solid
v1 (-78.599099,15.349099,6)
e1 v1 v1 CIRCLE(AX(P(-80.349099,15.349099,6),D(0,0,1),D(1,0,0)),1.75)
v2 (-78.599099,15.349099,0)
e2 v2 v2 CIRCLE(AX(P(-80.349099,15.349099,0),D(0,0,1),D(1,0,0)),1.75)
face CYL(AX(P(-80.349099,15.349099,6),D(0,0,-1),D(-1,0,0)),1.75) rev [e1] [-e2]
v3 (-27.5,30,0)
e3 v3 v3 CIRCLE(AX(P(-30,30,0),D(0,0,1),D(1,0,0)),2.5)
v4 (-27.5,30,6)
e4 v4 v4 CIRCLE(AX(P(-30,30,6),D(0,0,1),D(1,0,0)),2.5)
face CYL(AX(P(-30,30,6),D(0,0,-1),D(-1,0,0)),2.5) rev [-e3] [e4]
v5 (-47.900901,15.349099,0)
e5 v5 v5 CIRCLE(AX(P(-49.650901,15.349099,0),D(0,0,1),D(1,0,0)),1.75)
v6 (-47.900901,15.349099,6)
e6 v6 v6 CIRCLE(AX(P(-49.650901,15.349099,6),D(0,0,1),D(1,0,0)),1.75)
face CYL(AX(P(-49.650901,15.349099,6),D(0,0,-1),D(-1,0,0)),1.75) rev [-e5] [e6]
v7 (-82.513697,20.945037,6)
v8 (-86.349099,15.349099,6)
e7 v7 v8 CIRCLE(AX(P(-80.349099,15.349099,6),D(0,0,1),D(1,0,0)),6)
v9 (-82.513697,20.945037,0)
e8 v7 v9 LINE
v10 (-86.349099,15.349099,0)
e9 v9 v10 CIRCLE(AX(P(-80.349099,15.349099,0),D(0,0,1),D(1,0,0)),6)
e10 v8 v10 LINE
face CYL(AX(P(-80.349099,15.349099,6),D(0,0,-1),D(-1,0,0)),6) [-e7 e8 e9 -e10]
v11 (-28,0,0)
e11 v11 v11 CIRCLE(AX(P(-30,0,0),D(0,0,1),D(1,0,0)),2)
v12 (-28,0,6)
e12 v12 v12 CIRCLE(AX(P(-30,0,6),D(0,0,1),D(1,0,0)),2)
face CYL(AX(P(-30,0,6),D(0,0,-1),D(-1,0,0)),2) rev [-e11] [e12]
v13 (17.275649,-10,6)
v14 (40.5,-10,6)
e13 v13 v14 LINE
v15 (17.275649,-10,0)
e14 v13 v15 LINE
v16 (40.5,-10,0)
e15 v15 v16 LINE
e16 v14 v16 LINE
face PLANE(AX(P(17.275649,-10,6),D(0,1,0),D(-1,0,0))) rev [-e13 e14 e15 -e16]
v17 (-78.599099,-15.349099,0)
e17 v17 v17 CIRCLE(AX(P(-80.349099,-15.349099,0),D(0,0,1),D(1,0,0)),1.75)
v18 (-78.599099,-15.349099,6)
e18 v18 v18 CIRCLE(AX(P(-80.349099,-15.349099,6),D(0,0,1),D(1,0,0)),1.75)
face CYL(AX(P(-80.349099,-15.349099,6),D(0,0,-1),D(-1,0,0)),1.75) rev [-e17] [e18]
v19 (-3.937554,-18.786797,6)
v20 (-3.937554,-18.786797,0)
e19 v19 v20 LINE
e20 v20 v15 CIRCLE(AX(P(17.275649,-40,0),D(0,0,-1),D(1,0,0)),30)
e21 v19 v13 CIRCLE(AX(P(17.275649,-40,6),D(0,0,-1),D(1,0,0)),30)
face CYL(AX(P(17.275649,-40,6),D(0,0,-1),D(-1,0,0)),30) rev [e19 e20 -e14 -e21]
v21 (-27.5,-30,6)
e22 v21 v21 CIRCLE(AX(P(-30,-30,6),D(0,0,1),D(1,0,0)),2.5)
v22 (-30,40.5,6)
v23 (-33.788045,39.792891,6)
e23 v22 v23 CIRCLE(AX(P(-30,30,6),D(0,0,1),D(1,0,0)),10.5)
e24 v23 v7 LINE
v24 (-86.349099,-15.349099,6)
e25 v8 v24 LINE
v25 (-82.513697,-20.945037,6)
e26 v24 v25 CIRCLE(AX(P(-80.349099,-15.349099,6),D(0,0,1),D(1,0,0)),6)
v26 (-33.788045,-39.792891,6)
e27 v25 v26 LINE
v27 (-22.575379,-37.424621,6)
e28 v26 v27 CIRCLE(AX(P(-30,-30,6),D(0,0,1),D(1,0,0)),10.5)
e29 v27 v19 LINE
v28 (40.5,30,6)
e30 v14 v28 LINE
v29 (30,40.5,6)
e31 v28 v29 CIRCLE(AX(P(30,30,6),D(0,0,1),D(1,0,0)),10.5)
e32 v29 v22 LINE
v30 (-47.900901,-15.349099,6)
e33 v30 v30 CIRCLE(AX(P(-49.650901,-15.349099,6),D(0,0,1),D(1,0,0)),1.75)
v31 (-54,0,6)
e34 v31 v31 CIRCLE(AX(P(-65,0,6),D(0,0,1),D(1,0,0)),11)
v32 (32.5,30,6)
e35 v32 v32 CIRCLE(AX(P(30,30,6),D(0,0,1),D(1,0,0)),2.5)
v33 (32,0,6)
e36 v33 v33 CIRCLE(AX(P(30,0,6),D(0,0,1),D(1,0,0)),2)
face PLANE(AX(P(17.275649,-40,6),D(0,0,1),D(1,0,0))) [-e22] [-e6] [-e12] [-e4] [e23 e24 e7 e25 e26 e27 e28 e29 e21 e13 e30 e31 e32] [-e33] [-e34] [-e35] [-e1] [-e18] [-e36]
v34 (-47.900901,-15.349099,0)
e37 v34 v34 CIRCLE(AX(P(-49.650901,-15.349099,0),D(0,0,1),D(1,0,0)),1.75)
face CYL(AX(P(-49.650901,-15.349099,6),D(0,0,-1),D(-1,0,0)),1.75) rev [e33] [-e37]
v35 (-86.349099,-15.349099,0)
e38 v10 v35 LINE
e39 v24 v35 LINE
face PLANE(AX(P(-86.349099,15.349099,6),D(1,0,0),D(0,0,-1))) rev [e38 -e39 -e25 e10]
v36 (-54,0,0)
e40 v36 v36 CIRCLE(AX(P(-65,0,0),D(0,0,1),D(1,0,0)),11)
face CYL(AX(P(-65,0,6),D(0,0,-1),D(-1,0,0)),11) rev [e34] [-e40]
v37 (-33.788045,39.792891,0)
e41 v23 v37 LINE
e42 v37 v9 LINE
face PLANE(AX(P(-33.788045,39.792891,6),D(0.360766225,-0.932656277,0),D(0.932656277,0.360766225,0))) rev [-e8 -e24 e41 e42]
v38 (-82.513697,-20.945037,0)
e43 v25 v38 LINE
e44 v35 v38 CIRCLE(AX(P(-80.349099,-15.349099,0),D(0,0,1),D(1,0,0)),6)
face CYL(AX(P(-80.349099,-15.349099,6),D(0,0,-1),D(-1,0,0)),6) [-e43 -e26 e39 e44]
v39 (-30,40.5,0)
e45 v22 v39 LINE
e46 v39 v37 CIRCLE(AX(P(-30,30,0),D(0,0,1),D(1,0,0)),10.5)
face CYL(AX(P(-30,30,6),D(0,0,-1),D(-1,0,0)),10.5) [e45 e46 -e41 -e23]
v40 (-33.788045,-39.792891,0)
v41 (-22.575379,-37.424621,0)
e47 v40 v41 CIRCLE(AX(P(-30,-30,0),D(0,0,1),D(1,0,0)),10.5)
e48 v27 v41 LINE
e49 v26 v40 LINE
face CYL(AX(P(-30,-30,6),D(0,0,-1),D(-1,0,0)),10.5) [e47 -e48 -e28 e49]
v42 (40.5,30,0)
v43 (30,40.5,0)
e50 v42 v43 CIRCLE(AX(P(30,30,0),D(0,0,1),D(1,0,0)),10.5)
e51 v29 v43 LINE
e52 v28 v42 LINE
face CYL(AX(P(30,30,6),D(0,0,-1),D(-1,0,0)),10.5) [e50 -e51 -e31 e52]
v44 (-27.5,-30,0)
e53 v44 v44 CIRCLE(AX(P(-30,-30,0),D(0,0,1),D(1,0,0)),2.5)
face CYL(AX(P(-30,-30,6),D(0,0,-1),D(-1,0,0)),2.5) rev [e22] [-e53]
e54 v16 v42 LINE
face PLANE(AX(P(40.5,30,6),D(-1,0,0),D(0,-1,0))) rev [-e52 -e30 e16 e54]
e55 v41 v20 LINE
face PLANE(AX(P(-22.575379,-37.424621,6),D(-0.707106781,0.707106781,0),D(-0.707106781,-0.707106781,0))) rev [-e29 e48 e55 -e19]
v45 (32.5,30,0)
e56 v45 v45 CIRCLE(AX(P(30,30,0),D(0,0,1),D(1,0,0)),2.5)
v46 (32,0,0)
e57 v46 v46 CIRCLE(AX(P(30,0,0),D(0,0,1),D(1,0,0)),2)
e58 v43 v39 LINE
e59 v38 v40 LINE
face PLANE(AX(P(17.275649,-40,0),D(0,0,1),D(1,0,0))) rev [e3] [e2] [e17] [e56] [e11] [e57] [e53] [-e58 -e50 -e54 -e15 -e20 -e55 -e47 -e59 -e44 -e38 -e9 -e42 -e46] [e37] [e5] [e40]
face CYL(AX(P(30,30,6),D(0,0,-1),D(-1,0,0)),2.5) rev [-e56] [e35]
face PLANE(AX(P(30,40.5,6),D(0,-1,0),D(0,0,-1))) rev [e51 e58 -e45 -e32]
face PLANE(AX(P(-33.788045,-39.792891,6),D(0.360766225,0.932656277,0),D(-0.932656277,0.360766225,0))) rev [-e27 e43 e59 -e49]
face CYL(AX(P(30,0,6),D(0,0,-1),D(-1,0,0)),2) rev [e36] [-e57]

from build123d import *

# Parameters (mm, degrees)
ESBO_O1_R                = 2.5
ESBO_O1_R_2              = 1.75
ESBO_O1_R_3              = 11
ESBO_O1_R_4              = 2
RESSALTO_EXTRUS_O1_DEPTH = 6


with BuildPart() as part:
    # Esboço1 → Ressalto-extrusão1 (new body)
    with BuildSketch(Plane.XY):
        with BuildLine():
            Line((-22.575378798, -37.424621202), (-3.937554159, -18.786796564))
            ThreePointArc((-3.937554159, -18.786796564), (5.795146305, -12.283614025), (17.275649276, -10))
            Line((17.275649276, -10), (40.5, -10))
            Line((40.5, -10), (40.5, 30))
            ThreePointArc((40.5, 30), (37.424621202, 37.424621202), (30, 40.5))
            Line((30, 40.5), (-30, 40.5))
            ThreePointArc((-30, 40.5), (-31.926738888, 40.321709028), (-33.788045366, 39.792890906))
            Line((-33.788045366, 39.792890906), (-82.513696647, 20.945036955))
            ThreePointArc((-82.513696647, 20.945036955), (-85.298219626, 18.741179474), (-86.349099295, 15.349099295))
            Line((-86.349099295, 15.349099295), (-86.349099295, -15.349099295))
            ThreePointArc((-86.349099295, -15.349099295), (-85.298219626, -18.741179474), (-82.513696647, -20.945036955))
            Line((-82.513696647, -20.945036955), (-33.788045366, -39.792890906))
            ThreePointArc((-33.788045366, -39.792890906), (-27.830127584, -40.273346762), (-22.575378798, -37.424621202))
        make_face()
        with Locations((-30, 30)):
            Circle(ESBO_O1_R, mode=Mode.SUBTRACT)
        with Locations((-30, -30)):
            Circle(ESBO_O1_R, mode=Mode.SUBTRACT)
        with Locations((30, 30)):
            Circle(ESBO_O1_R, mode=Mode.SUBTRACT)
        with Locations((-80.349099295, 15.349099295)):
            Circle(ESBO_O1_R_2, mode=Mode.SUBTRACT)
        with Locations((-49.650900705, 15.349099295)):
            Circle(ESBO_O1_R_2, mode=Mode.SUBTRACT)
        with Locations((-49.650900705, -15.349099295)):
            Circle(ESBO_O1_R_2, mode=Mode.SUBTRACT)
        with Locations((-80.349099295, -15.349099295)):
            Circle(ESBO_O1_R_2, mode=Mode.SUBTRACT)
        with Locations((-65, 0)):
            Circle(ESBO_O1_R_3, mode=Mode.SUBTRACT)
        with Locations((-30, 0)):
            Circle(ESBO_O1_R_4, mode=Mode.SUBTRACT)
        with Locations((30, 0)):
            Circle(ESBO_O1_R_4, mode=Mode.SUBTRACT)
    extrude(amount=RESSALTO_EXTRUS_O1_DEPTH)


solid = part.part
